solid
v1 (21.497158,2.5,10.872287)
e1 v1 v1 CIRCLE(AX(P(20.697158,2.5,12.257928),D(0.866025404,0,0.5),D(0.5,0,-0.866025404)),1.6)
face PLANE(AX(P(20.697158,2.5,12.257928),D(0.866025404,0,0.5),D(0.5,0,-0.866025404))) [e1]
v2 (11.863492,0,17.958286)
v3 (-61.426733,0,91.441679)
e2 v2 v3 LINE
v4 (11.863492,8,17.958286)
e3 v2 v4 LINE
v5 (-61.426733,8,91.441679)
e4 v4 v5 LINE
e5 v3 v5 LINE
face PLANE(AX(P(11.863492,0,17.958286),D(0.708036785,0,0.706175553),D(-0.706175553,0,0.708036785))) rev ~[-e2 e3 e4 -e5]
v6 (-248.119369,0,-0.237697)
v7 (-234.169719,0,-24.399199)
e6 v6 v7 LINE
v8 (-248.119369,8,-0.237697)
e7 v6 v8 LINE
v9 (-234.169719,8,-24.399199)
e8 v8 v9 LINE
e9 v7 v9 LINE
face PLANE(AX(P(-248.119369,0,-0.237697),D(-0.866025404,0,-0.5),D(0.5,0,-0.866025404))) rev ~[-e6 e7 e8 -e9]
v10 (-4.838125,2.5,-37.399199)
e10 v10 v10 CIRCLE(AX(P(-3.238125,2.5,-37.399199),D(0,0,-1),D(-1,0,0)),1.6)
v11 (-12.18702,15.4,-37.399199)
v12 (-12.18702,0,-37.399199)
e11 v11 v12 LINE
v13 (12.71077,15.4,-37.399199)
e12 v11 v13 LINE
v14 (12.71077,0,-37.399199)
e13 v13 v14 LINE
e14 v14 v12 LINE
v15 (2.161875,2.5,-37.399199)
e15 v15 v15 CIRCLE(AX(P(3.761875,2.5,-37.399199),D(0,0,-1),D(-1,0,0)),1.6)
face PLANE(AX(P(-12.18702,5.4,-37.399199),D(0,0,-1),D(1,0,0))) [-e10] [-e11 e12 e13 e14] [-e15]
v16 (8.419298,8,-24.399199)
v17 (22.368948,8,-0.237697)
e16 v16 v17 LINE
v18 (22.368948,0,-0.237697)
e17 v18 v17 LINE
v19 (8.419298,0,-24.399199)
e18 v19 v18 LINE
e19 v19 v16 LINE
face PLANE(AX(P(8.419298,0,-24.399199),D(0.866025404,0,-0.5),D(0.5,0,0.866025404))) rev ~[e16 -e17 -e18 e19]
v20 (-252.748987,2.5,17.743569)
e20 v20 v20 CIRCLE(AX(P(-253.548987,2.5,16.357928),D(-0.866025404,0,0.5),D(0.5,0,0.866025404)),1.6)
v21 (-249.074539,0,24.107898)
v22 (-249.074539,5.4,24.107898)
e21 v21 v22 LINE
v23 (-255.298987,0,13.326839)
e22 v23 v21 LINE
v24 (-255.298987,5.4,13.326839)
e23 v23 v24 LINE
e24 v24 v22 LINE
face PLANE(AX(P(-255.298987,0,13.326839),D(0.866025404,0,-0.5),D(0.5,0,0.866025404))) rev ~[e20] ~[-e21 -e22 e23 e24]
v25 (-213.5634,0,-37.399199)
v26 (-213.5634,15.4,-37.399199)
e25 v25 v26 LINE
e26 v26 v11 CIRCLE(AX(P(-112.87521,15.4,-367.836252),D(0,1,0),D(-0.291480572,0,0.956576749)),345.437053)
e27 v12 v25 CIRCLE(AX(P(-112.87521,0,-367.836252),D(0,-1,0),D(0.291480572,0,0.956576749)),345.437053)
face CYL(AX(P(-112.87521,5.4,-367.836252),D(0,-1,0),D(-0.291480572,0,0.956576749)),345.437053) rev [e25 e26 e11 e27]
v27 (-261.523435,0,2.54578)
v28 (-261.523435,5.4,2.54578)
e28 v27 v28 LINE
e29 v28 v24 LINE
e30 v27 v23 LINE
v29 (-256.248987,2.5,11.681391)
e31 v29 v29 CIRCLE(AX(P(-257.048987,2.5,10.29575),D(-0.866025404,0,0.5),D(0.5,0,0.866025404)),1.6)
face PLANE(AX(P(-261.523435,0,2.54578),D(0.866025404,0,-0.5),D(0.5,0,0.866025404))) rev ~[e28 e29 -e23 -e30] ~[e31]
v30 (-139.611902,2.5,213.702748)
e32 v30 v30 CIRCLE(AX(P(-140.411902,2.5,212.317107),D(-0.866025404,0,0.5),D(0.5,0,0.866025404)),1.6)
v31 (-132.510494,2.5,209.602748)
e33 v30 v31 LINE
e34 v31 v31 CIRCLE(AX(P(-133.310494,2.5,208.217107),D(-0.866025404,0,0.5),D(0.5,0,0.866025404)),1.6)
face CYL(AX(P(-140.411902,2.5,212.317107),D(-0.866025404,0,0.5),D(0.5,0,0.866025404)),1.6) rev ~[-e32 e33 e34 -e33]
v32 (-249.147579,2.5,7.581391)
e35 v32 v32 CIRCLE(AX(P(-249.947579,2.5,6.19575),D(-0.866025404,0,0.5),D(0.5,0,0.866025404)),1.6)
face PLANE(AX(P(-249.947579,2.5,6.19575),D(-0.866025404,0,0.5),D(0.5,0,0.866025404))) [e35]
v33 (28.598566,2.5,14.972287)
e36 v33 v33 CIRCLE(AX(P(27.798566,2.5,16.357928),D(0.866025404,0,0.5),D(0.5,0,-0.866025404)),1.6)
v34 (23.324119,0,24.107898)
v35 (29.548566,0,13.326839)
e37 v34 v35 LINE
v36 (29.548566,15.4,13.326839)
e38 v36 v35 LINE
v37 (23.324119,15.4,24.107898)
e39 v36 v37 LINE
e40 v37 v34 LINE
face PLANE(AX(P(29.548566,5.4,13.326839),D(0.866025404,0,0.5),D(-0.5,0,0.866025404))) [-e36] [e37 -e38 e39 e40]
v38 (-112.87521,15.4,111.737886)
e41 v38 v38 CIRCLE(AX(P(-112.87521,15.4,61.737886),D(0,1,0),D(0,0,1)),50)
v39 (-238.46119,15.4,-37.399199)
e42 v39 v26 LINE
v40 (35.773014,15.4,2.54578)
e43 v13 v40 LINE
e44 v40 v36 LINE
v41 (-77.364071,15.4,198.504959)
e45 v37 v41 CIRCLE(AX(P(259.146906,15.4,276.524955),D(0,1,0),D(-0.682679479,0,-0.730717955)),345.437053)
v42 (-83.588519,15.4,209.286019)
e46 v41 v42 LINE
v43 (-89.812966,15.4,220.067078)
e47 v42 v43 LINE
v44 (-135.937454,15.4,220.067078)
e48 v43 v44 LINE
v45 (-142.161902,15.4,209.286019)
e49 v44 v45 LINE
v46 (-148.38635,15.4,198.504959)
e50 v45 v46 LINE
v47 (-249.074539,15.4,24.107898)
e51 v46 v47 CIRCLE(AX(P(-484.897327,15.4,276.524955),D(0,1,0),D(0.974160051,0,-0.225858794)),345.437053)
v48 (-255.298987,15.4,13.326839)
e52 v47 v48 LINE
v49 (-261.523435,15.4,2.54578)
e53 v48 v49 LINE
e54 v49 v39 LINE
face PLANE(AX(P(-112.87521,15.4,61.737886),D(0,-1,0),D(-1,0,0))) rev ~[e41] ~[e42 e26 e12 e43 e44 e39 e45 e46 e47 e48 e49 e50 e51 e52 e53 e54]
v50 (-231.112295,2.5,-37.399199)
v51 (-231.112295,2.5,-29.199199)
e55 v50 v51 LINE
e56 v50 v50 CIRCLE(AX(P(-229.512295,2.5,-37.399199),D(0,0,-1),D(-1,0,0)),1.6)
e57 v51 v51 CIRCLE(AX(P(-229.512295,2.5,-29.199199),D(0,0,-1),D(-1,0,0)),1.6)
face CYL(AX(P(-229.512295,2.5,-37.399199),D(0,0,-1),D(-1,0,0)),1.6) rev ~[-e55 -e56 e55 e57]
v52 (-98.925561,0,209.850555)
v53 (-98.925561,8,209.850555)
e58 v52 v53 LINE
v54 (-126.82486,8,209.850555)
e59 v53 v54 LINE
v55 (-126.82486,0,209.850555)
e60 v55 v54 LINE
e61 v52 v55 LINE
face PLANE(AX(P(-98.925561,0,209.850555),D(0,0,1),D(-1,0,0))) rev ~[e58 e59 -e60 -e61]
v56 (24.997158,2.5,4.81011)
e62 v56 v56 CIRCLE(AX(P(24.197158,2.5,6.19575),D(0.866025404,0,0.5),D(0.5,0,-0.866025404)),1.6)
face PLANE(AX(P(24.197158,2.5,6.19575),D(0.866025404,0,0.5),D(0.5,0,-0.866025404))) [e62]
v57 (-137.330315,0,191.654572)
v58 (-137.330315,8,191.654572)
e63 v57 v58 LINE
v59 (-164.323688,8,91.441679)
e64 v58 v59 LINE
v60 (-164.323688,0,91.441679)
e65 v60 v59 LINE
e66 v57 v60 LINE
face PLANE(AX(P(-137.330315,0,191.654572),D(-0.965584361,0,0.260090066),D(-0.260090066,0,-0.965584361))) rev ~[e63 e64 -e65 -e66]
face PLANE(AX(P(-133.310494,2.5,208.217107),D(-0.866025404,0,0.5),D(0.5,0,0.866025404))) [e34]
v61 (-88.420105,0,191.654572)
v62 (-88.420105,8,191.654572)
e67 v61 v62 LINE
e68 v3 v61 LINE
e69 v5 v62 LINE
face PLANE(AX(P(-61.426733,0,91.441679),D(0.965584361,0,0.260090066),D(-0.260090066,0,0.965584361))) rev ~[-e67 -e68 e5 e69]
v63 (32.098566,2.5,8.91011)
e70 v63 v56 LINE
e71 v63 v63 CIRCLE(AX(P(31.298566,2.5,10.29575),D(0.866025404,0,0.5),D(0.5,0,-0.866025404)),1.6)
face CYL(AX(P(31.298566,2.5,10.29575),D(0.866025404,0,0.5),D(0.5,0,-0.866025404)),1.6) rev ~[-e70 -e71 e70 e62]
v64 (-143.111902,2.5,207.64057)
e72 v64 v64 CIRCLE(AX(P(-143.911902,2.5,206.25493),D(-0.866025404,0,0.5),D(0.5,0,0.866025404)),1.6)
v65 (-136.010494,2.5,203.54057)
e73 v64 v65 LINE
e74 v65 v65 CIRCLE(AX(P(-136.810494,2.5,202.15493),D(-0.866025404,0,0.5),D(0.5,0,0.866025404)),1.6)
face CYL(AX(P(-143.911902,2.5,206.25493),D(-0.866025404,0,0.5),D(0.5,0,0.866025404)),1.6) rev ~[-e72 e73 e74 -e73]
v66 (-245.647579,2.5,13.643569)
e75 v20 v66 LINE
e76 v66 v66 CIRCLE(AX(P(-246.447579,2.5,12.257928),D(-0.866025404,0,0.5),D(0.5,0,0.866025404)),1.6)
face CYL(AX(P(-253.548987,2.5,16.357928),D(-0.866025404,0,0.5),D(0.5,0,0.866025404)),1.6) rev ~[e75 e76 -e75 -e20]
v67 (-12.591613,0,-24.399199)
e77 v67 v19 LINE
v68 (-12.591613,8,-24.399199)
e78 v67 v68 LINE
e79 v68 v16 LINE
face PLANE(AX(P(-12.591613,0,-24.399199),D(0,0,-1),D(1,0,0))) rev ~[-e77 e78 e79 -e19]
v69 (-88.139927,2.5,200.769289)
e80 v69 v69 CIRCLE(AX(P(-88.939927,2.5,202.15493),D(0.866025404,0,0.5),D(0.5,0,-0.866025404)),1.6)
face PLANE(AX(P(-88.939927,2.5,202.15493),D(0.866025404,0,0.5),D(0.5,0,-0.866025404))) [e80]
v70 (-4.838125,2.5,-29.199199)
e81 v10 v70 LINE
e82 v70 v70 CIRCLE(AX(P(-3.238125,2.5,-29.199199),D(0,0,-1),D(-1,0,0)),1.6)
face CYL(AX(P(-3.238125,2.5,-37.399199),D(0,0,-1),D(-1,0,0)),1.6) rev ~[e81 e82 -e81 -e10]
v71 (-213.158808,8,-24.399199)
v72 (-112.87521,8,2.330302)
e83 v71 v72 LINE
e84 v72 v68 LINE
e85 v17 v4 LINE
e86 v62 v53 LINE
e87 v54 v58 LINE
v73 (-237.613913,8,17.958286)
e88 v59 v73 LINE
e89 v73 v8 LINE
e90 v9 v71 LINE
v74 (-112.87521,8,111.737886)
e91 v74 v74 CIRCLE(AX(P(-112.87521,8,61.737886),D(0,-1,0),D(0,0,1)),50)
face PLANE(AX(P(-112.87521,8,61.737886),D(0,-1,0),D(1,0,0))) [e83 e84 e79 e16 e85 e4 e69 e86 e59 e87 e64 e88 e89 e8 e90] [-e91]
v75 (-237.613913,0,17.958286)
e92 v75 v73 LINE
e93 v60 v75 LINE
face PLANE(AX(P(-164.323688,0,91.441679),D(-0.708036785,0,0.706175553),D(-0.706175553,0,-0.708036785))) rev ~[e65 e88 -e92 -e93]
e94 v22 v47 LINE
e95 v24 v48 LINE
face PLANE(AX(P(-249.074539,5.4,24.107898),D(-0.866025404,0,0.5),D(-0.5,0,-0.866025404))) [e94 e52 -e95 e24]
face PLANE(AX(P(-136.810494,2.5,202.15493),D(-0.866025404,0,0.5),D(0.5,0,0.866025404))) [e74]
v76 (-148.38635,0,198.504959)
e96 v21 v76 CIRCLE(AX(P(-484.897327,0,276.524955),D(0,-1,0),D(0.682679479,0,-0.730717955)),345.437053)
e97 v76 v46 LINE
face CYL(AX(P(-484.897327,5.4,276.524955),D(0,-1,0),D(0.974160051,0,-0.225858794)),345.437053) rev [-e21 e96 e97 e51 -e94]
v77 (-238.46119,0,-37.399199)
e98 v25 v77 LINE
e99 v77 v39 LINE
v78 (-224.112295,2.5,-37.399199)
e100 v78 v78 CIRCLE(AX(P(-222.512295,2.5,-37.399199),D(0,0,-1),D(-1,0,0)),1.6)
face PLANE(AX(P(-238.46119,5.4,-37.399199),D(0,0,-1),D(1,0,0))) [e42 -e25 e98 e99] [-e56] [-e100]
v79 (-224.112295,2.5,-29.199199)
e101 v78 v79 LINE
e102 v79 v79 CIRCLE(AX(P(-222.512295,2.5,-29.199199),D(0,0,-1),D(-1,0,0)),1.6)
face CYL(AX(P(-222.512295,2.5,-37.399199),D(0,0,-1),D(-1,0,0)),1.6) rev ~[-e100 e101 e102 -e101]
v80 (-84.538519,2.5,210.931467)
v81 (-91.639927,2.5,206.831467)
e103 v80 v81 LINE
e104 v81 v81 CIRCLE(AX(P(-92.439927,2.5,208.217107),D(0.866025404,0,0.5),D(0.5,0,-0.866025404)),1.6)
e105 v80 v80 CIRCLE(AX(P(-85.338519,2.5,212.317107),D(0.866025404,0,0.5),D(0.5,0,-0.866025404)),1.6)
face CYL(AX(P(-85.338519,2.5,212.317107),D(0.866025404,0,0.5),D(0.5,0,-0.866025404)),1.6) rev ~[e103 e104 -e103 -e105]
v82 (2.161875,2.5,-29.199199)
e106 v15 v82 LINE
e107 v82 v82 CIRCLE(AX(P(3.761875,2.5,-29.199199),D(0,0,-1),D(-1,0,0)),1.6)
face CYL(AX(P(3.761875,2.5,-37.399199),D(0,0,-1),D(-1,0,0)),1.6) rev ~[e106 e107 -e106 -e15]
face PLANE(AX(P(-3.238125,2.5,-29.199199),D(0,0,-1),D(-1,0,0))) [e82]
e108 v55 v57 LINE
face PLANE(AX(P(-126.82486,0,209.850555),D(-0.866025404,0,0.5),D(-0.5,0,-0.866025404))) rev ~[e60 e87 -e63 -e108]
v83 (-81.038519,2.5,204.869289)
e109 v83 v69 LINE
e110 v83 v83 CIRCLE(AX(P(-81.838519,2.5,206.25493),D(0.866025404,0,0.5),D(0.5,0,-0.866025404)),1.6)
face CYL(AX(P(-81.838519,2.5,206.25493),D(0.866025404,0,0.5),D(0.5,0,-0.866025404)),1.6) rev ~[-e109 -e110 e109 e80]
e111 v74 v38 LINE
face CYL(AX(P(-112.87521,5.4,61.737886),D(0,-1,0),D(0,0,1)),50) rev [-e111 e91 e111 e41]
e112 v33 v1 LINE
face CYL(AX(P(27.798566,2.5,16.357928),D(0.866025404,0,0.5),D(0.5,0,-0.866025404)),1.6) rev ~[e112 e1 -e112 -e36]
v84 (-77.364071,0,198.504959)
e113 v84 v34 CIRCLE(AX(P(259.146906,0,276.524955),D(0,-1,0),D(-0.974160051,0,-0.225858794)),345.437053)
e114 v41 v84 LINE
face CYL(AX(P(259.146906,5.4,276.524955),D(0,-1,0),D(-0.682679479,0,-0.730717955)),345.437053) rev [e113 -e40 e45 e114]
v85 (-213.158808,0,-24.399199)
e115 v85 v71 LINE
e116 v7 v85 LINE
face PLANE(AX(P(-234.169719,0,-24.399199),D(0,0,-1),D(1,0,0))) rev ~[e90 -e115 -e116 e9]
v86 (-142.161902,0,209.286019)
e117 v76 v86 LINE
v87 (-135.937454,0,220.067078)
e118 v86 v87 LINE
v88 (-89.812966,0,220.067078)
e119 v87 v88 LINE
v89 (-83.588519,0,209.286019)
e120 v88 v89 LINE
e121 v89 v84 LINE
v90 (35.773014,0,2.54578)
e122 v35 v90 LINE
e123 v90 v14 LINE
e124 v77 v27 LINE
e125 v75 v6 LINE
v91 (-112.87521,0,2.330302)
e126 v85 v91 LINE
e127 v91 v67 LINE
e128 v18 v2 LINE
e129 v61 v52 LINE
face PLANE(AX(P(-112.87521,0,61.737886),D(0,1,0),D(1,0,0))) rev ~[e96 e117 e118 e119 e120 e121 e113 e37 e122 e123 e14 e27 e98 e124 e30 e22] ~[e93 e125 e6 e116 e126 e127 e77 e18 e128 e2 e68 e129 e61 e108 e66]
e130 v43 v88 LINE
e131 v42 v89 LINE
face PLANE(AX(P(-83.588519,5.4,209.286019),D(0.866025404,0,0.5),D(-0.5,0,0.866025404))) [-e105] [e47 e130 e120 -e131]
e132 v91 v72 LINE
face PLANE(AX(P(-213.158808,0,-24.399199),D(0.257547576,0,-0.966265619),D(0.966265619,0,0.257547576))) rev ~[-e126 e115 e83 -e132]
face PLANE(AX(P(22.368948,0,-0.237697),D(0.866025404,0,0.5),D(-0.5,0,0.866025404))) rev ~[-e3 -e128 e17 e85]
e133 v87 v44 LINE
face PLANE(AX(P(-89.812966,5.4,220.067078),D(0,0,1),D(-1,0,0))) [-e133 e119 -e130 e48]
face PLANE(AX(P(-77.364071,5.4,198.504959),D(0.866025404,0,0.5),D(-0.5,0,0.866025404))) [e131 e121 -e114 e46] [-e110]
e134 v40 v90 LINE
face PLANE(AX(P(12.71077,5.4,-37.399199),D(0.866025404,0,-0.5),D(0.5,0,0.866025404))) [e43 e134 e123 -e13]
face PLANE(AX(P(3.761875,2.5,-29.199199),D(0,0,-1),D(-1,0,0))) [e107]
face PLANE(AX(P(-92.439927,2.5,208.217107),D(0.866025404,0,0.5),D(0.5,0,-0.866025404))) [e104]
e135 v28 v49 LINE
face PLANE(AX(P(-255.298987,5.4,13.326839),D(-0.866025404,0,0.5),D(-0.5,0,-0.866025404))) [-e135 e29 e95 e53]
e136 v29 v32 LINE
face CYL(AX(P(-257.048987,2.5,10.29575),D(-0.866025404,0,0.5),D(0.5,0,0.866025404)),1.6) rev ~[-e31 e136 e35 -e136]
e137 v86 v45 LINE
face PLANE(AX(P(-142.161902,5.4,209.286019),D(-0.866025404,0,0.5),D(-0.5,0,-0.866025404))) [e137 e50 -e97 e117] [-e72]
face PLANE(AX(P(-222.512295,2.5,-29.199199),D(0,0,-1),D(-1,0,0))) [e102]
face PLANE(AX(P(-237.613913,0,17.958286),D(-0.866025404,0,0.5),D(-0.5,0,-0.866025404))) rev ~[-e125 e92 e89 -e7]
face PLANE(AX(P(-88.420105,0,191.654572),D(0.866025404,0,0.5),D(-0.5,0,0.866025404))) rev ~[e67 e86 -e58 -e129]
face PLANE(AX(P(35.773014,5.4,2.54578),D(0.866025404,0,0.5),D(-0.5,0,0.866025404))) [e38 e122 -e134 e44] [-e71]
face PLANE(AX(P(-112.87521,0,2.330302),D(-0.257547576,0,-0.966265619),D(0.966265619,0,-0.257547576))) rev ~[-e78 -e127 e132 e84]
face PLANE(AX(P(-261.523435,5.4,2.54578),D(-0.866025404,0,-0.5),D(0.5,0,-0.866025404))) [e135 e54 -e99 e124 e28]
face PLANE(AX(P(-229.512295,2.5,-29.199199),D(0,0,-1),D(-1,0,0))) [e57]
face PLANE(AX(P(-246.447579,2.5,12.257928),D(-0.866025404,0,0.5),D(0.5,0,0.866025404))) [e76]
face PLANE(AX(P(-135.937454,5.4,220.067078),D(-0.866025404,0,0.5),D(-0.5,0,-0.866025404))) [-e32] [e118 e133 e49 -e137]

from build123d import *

# Parameters (mm, degrees)
BOSS_EXTRUDE2_DEPTH = 5.4
SKETCH24_R          = 50
CUT_EXTRUDE1_DEPTH  = 342.837952203
SKETCH26_R          = 1.6
CUT_EXTRUDE2_DEPTH  = 8.2
SKETCH27_R          = 1.6
CUT_EXTRUDE3_DEPTH  = 8.2
SKETCH28_R          = 1.6
CUT_EXTRUDE4_DEPTH  = 8.2
SKETCH29_R          = 1.6
CUT_EXTRUDE5_DEPTH  = 8.2
SKETCH30_R          = 1.6
CUT_EXTRUDE6_DEPTH  = 8.2
SKETCH31_R          = 1.6
CUT_EXTRUDE7_DEPTH  = 8.2
SKETCH32_R          = 50
BOSS_EXTRUDE3_DEPTH = 10
CUT_EXTRUDE10_DEPTH = 8


with BuildPart() as part:
    # Sketch1 → Boss-Extrude2 (new body)
    with BuildSketch(Plane(origin=(0, 0, 0), x_dir=(1, 0, 0), z_dir=(0, 1, 0))):
        with BuildLine():
            Line((-213.563400388, 37.399198664), (-226.012295427, 37.399198664))
            Line((-226.012295427, 37.399198664), (-238.461190465, 37.399198664))
            Line((-238.461190465, 37.399198664), (-261.523434509, -2.545779757))
            Line((-261.523434509, -2.545779757), (-255.29898699, -13.326839109))
            Line((-255.29898699, -13.326839109), (-249.074539471, -24.107898462))
            ThreePointArc((-249.074539471, -24.107898462), (-185.740063438, -103.806428821), (-148.38634952, -198.50495918))
            Line((-148.38634952, -198.50495918), (-142.161902, -209.286018532))
            Line((-142.161902, -209.286018532), (-135.937454481, -220.067077885))
            Line((-135.937454481, -220.067077885), (-89.812966393, -220.067077885))
            Line((-89.812966393, -220.067077885), (-83.588518873, -209.286018532))
            Line((-83.588518873, -209.286018532), (-77.364071354, -198.50495918))
            ThreePointArc((-77.364071354, -198.50495918), (-40.010357435, -103.806428821), (23.324118597, -24.107898462))
            Line((23.324118597, -24.107898462), (29.548566116, -13.326839109))
            Line((29.548566116, -13.326839109), (35.773013636, -2.545779757))
            Line((35.773013636, -2.545779757), (12.710769592, 37.399198664))
            Line((12.710769592, 37.399198664), (0.261874553, 37.399198664))
            Line((0.261874553, 37.399198664), (-12.187020486, 37.399198664))
            ThreePointArc((-12.187020486, 37.399198664), (-112.875210437, 22.399198664), (-213.563400388, 37.399198664))
        make_face()
    extrude(amount=BOSS_EXTRUDE2_DEPTH)

    # Sketch24 → Cut-Extrude1 (cut, through all)
    with BuildSketch(Plane(origin=(0, 5.4, 0), x_dir=(1, 0, 0), z_dir=(0, 1, 0))):
        with Locations(Location((-112.875210437, -61.737886326, 0), (0, 0, 270))):
            Circle(SKETCH24_R)
    extrude(amount=-CUT_EXTRUDE1_DEPTH, mode=Mode.SUBTRACT)

    # Sketch26 → Cut-Extrude2 (cut)
    with BuildSketch(Plane(origin=(-197.244930853, 0, 113.879413924), x_dir=(0.5000000000000135, 0, 0.8660254037844309), z_dir=(-0.8660254037844309, 0, 0.5000000000000135))):
        with Locations((106.666057706, 2.5)):
            Circle(SKETCH26_R)
        with Locations((113.666057706, 2.5)):
            Circle(SKETCH26_R)
    extrude(amount=-CUT_EXTRUDE2_DEPTH, mode=Mode.SUBTRACT)

    # Sketch27 → Cut-Extrude3 (cut)
    with BuildSketch(Plane(origin=(-197.244930853, 0, 113.879413924), x_dir=(0.5000000000000427, 0, 0.8660254037844141), z_dir=(-0.8660254037844141, 0, 0.5000000000000427))):
        with Locations((-119.608112274, 2.5)):
            Circle(SKETCH27_R)
        with Locations((-112.608112274, 2.5)):
            Circle(SKETCH27_R)
    extrude(amount=-CUT_EXTRUDE3_DEPTH, mode=Mode.SUBTRACT)

    # Sketch28 → Cut-Extrude4 (cut)
    with BuildSketch(Plane(origin=(0, 0, -37.399198664), x_dir=(-1, 0, 0), z_dir=(0, 0, -1))):
        with Locations((222.512295427, 2.5)):
            Circle(SKETCH28_R)
        with Locations((229.512295427, 2.5)):
            Circle(SKETCH28_R)
    extrude(amount=-CUT_EXTRUDE4_DEPTH, mode=Mode.SUBTRACT)

    # Sketch29 → Cut-Extrude5 (cut)
    with BuildSketch(Plane(origin=(0, 0, -37.399198664), x_dir=(-1, 0, 0), z_dir=(0, 0, -1))):
        with Locations((-3.761874553, 2.5)):
            Circle(SKETCH29_R)
        with Locations((3.238125447, 2.5)):
            Circle(SKETCH29_R)
    extrude(amount=-CUT_EXTRUDE5_DEPTH, mode=Mode.SUBTRACT)

    # Sketch30 → Cut-Extrude6 (cut)
    with BuildSketch(Plane(origin=(27.932115198, 0, 16.126614228), x_dir=(0.5000000000001847, 0, -0.8660254037843321), z_dir=(0.866025403784332, 0, 0.5000000000001846))):
        with Locations((-0.267098163, 2.5)):
            Circle(SKETCH30_R)
        with Locations((6.732901837, 2.5)):
            Circle(SKETCH30_R)
    extrude(amount=-CUT_EXTRUDE6_DEPTH, mode=Mode.SUBTRACT)

    # Sketch31 → Cut-Extrude7 (cut)
    with BuildSketch(Plane(origin=(27.932115198, 0, 16.126614228), x_dir=(0.5000000000000033, 0, -0.8660254037844368), z_dir=(0.8660254037844367, 0, 0.5000000000000032))):
        with Locations((-226.541268142, 2.5)):
            Circle(SKETCH31_R)
        with Locations((-219.541268142, 2.5)):
            Circle(SKETCH31_R)
    extrude(amount=-CUT_EXTRUDE7_DEPTH, mode=Mode.SUBTRACT)

    # Sketch32 → Boss-Extrude3 (add)
    with BuildSketch(Plane(origin=(0, 5.4, 0), x_dir=(1, 0, 0), z_dir=(0, 1, 0))):
        with BuildLine():
            Line((-226.012295427, 37.399198664), (-213.563400388, 37.399198664))
            ThreePointArc((-213.563400388, 37.399198664), (-112.875210437, 22.399198664), (-12.187020486, 37.399198664))
            Line((-12.187020486, 37.399198664), (0.261874553, 37.399198664))
            Line((0.261874553, 37.399198664), (12.710769592, 37.399198664))
            Line((12.710769592, 37.399198664), (35.773013636, -2.545779757))
            Line((35.773013636, -2.545779757), (29.548566116, -13.326839109))
            Line((29.548566116, -13.326839109), (23.324118597, -24.107898462))
            ThreePointArc((23.324118597, -24.107898462), (-40.010357435, -103.806428821), (-77.364071354, -198.50495918))
            Line((-77.364071354, -198.50495918), (-83.588518873, -209.286018532))
            Line((-83.588518873, -209.286018532), (-89.812966393, -220.067077885))
            Line((-89.812966393, -220.067077885), (-135.937454481, -220.067077885))
            Line((-135.937454481, -220.067077885), (-142.161902, -209.286018532))
            Line((-142.161902, -209.286018532), (-148.38634952, -198.50495918))
            ThreePointArc((-148.38634952, -198.50495918), (-185.740063438, -103.806428821), (-249.074539471, -24.107898462))
            Line((-249.074539471, -24.107898462), (-255.29898699, -13.32683911))
            Line((-255.29898699, -13.32683911), (-261.523434509, -2.545779757))
            Line((-261.523434509, -2.545779757), (-238.461190465, 37.399198664))
            Line((-238.461190465, 37.399198664), (-226.012295427, 37.399198664))
        make_face()
        with Locations(Location((-112.875210437, -61.737886326, 0), (0, 0, 270))):
            Circle(SKETCH32_R, mode=Mode.SUBTRACT)
    extrude(amount=BOSS_EXTRUDE3_DEPTH)

    # Sketch36 → Cut-Extrude10 (cut)
    with BuildSketch(Plane.XZ):
        Polygon((-126.824859873, 209.850554734), (-137.330315468, 191.654571888), (-164.323687679, 91.441678511), (-237.613913024, 17.958285754), (-248.119368619, -0.237697092), (-234.169719182, -24.399198664), (-213.158807994, -24.399198664), (-112.875210437, 2.330301956), (-12.59161288, -24.399198664), (8.419298308, -24.399198664), (22.368947745, -0.237697092), (11.863492151, 17.958285754), (-61.426733195, 91.441678511), (-88.420105406, 191.654571888), (-98.925561, 209.850554734), align=None)
    extrude(amount=-CUT_EXTRUDE10_DEPTH, mode=Mode.SUBTRACT)


solid = part.part
